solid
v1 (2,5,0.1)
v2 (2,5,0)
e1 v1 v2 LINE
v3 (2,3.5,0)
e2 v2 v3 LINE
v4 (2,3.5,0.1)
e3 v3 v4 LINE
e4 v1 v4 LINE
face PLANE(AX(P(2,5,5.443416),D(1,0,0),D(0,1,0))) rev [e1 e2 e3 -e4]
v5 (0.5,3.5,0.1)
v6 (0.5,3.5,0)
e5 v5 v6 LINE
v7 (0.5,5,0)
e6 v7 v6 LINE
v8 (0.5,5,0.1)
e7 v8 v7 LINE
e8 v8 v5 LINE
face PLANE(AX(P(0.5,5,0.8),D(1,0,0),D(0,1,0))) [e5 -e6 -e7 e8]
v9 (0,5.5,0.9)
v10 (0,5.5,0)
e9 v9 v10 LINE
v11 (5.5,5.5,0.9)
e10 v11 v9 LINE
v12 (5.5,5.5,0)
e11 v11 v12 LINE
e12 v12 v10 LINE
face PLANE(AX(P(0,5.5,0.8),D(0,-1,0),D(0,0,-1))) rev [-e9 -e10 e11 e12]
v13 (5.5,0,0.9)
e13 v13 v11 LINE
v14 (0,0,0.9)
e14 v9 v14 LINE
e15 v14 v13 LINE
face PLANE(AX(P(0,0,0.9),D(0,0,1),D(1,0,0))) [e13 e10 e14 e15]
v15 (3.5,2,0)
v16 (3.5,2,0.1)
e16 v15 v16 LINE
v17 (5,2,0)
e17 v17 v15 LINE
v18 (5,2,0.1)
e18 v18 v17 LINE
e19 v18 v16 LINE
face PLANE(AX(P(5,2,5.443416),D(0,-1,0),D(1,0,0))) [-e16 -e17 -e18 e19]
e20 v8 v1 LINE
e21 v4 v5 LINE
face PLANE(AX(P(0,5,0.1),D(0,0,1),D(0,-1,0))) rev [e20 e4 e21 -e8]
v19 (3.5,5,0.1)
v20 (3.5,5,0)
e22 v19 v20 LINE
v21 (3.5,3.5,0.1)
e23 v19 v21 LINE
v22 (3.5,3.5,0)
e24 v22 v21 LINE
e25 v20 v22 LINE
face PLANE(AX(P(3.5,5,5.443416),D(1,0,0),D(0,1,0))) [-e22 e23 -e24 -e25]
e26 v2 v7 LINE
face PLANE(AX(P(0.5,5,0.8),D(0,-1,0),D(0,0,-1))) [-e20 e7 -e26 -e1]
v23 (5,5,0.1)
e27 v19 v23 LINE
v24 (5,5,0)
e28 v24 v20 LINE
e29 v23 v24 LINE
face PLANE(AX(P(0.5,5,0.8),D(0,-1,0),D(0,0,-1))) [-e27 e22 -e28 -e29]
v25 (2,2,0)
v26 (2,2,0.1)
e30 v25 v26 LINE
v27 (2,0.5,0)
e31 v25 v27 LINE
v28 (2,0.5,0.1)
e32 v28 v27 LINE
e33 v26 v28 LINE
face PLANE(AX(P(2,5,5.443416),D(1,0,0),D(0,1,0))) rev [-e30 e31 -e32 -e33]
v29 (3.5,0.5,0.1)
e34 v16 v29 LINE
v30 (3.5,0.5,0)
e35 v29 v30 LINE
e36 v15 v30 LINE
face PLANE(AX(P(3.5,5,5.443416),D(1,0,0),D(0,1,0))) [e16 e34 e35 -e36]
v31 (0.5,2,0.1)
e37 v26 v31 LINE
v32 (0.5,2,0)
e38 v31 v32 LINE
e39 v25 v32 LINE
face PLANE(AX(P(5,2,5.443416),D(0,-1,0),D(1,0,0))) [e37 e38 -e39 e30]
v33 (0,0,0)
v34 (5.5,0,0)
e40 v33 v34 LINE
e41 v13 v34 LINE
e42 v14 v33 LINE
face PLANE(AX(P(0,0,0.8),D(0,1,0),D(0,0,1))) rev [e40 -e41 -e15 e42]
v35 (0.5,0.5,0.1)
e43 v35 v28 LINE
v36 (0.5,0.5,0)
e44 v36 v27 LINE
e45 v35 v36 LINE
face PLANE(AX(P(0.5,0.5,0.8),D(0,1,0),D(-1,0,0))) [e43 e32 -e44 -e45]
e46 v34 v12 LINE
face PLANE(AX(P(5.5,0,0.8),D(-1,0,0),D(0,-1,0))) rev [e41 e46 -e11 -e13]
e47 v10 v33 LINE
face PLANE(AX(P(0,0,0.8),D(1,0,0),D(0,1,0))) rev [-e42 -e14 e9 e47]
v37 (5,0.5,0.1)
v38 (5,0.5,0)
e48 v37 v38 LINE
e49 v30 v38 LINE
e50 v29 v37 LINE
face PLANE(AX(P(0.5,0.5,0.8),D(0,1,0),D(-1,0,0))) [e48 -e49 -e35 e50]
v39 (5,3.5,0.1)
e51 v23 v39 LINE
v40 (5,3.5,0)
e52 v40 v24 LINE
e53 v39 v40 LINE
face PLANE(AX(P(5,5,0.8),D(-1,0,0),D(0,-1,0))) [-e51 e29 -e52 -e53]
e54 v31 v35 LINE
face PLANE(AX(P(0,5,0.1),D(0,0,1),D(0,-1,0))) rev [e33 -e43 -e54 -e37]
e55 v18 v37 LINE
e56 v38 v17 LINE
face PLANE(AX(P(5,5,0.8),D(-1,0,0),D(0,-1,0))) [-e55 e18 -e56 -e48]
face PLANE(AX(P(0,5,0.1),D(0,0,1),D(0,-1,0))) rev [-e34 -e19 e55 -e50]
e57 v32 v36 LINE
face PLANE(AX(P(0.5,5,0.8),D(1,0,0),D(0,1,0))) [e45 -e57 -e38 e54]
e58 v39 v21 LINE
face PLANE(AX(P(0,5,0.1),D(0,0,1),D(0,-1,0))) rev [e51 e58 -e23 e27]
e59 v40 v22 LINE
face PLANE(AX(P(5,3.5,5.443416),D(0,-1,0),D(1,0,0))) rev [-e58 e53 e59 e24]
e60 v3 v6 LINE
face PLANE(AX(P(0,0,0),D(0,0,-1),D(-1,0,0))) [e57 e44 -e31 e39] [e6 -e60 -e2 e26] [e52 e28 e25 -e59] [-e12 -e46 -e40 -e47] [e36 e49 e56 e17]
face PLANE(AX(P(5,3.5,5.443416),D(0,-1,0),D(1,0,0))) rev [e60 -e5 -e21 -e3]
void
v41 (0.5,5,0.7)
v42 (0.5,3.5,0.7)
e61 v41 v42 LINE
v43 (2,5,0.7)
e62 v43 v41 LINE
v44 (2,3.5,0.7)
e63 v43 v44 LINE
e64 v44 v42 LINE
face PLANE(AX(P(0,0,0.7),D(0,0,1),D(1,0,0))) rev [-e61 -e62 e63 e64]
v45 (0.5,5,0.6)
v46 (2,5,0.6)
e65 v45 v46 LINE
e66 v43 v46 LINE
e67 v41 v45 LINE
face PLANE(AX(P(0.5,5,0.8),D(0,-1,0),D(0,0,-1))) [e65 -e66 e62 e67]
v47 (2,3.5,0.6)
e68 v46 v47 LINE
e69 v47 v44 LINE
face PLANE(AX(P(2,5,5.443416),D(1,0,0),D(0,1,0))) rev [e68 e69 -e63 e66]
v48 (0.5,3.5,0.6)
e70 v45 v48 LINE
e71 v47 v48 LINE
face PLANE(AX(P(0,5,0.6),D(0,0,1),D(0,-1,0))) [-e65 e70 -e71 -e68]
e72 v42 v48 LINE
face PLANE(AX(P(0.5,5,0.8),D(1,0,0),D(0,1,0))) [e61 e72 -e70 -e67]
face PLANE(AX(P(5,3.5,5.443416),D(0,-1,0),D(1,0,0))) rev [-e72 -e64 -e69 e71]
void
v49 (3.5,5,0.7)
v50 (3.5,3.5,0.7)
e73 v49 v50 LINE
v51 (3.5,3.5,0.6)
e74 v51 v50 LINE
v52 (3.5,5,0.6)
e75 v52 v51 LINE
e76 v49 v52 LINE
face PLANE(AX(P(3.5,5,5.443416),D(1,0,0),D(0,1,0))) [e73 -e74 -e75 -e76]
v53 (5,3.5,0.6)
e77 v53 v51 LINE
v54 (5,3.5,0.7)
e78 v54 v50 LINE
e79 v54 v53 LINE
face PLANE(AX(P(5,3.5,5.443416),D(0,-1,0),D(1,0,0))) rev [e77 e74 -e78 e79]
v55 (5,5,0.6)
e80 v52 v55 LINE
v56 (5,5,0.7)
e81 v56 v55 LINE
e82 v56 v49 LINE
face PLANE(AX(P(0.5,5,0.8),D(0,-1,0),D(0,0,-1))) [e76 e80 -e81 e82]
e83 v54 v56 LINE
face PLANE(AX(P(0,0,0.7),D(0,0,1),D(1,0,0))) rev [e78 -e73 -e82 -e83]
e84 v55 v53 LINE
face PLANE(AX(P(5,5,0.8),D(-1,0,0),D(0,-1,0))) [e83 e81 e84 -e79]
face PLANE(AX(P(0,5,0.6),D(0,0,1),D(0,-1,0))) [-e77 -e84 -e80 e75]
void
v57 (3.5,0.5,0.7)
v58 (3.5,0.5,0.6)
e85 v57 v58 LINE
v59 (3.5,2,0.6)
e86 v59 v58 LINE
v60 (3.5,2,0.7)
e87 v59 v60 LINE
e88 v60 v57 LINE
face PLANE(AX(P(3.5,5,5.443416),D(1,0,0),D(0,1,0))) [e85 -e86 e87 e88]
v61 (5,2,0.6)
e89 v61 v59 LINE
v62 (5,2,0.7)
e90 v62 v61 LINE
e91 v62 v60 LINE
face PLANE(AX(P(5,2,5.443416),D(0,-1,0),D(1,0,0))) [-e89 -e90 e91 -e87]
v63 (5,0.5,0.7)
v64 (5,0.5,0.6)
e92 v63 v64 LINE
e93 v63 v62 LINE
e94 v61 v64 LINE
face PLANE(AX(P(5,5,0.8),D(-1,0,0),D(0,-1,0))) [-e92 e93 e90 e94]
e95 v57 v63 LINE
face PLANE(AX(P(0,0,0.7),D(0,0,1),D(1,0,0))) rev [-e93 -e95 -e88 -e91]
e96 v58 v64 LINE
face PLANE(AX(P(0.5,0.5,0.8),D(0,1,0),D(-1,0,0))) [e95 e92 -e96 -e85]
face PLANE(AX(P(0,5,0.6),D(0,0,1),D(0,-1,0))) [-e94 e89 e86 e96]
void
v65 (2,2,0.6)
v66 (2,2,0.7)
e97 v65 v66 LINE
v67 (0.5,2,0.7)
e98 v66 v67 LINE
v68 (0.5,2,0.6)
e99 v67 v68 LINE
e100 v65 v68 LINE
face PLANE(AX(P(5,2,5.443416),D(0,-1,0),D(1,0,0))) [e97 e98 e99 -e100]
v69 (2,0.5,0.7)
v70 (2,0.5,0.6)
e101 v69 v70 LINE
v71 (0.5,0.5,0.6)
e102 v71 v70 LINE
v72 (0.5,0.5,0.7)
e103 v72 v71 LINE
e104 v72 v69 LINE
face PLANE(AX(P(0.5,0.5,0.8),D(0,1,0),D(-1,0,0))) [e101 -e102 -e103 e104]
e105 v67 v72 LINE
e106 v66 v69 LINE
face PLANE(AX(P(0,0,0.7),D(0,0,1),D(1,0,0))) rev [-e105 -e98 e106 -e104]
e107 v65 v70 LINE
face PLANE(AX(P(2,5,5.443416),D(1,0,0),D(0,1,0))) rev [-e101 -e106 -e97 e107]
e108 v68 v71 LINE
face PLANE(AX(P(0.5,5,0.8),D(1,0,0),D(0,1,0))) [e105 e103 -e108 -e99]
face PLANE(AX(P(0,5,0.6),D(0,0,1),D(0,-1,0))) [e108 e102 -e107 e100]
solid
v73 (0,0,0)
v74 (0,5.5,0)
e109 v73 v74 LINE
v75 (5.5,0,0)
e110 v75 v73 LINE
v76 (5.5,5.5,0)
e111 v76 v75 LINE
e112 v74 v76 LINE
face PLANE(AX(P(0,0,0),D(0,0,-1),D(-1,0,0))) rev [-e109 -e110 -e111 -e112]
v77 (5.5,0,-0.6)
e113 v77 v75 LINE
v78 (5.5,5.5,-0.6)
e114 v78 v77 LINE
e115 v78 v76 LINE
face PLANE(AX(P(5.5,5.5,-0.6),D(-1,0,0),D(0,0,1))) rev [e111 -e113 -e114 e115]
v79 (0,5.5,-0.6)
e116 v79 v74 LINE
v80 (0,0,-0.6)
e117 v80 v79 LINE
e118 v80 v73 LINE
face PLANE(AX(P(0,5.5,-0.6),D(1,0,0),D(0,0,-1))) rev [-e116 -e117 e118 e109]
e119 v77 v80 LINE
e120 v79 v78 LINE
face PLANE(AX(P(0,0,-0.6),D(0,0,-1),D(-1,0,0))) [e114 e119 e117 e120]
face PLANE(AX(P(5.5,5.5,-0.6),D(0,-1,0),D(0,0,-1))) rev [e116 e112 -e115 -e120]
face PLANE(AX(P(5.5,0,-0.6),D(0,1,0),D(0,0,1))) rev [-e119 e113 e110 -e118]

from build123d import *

# Parameters (mm, degrees)
SKETCH_2_W          = 5.5
SKETCH_2_H          = 5.5
SKETCH_2_W_2        = 4.5
SKETCH_2_H_2        = 4.5
EXTRUDE_2_DEPTH     = 0.8
SKETCH_3_W          = 5.5
SKETCH_3_H          = 5.5
EXTRUDE_3_DEPTH     = 0.2
SKETCH_10_W         = 5.5
SKETCH_10_H         = 5.5
CUT_EXTRUDE_1_DEPTH = 0.3
SKETCH_13_W         = 5.5
SKETCH_13_H         = 5.5
EXTRUDE_7_DEPTH     = 0.2
SKETCH_12_W         = 4.5
SKETCH_12_H         = 1.5
SKETCH_12_W_2       = 1.5
SKETCH_12_H_2       = 4.5
EXTRUDE_3_2_DEPTH   = 0.7
SKETCH_14_W         = 5.5
SKETCH_14_H         = 5.5
EXTRUDE_8_DEPTH     = 0.6
SKETCH_15_W         = 0.5
SKETCH_15_H         = 4.5
EXTRUDE_4_DEPTH     = 4.5


with BuildPart() as part:
    # 草图2 → Extrude 2 (new body)
    with BuildSketch(Plane.XY):
        with Locations((2.75, 2.75)):
            Rectangle(SKETCH_2_W, SKETCH_2_H)
        with Locations((2.75, 2.75)):
            Rectangle(SKETCH_2_W_2, SKETCH_2_H_2, mode=Mode.SUBTRACT)
    extrude(amount=EXTRUDE_2_DEPTH)

    # 草图3 → Extrude 3 (add)
    with BuildSketch(Plane.XY.offset(0.8)):
        with Locations((2.75, 2.75)):
            Rectangle(SKETCH_3_W, SKETCH_3_H)
    extrude(amount=EXTRUDE_3_DEPTH)

    # 草图10 → 切除-拉伸1 (cut)
    with BuildSketch(Plane.XY.offset(1)):
        with Locations((2.75, 2.75)):
            Rectangle(SKETCH_10_W, SKETCH_10_H)
    extrude(amount=-CUT_EXTRUDE_1_DEPTH, mode=Mode.SUBTRACT)

    # 草图13 → 凸台-拉伸7 (add)
    with BuildSketch(Plane.XY.offset(0.7)):
        with Locations((2.75, 2.75)):
            Rectangle(SKETCH_13_W, SKETCH_13_H)
    extrude(amount=EXTRUDE_7_DEPTH)

    # 草图12 → Extrude 3 2 (add)
    with BuildSketch(Plane(origin=(0, 0, 0), x_dir=(-1, 0, 0), z_dir=(0, 0, -1))):
        with Locations((-2.75, 2.75)):
            Rectangle(SKETCH_12_W, SKETCH_12_H)
        with Locations((-2.75, 2.75)):
            Rectangle(SKETCH_12_W_2, SKETCH_12_H_2)
    extrude(amount=-EXTRUDE_3_2_DEPTH)

    # 草图15 → Extrude 4 (add)
    with BuildSketch(Plane.ZY.offset(-5)):
        with Locations((0.35, 2.75)):
            Rectangle(SKETCH_15_W, SKETCH_15_H)
    extrude(amount=EXTRUDE_4_DEPTH)


with BuildPart() as body_2:
    # 草图14 → 凸台-拉伸8 (new body)
    with BuildSketch(Plane(origin=(0, 0, 0), x_dir=(-1, 0, 0), z_dir=(0, 0, -1))):
        with Locations((-2.75, 2.75)):
            Rectangle(SKETCH_14_W, SKETCH_14_H)
    extrude(amount=EXTRUDE_8_DEPTH)


solid = Compound([part.part, body_2.part])
